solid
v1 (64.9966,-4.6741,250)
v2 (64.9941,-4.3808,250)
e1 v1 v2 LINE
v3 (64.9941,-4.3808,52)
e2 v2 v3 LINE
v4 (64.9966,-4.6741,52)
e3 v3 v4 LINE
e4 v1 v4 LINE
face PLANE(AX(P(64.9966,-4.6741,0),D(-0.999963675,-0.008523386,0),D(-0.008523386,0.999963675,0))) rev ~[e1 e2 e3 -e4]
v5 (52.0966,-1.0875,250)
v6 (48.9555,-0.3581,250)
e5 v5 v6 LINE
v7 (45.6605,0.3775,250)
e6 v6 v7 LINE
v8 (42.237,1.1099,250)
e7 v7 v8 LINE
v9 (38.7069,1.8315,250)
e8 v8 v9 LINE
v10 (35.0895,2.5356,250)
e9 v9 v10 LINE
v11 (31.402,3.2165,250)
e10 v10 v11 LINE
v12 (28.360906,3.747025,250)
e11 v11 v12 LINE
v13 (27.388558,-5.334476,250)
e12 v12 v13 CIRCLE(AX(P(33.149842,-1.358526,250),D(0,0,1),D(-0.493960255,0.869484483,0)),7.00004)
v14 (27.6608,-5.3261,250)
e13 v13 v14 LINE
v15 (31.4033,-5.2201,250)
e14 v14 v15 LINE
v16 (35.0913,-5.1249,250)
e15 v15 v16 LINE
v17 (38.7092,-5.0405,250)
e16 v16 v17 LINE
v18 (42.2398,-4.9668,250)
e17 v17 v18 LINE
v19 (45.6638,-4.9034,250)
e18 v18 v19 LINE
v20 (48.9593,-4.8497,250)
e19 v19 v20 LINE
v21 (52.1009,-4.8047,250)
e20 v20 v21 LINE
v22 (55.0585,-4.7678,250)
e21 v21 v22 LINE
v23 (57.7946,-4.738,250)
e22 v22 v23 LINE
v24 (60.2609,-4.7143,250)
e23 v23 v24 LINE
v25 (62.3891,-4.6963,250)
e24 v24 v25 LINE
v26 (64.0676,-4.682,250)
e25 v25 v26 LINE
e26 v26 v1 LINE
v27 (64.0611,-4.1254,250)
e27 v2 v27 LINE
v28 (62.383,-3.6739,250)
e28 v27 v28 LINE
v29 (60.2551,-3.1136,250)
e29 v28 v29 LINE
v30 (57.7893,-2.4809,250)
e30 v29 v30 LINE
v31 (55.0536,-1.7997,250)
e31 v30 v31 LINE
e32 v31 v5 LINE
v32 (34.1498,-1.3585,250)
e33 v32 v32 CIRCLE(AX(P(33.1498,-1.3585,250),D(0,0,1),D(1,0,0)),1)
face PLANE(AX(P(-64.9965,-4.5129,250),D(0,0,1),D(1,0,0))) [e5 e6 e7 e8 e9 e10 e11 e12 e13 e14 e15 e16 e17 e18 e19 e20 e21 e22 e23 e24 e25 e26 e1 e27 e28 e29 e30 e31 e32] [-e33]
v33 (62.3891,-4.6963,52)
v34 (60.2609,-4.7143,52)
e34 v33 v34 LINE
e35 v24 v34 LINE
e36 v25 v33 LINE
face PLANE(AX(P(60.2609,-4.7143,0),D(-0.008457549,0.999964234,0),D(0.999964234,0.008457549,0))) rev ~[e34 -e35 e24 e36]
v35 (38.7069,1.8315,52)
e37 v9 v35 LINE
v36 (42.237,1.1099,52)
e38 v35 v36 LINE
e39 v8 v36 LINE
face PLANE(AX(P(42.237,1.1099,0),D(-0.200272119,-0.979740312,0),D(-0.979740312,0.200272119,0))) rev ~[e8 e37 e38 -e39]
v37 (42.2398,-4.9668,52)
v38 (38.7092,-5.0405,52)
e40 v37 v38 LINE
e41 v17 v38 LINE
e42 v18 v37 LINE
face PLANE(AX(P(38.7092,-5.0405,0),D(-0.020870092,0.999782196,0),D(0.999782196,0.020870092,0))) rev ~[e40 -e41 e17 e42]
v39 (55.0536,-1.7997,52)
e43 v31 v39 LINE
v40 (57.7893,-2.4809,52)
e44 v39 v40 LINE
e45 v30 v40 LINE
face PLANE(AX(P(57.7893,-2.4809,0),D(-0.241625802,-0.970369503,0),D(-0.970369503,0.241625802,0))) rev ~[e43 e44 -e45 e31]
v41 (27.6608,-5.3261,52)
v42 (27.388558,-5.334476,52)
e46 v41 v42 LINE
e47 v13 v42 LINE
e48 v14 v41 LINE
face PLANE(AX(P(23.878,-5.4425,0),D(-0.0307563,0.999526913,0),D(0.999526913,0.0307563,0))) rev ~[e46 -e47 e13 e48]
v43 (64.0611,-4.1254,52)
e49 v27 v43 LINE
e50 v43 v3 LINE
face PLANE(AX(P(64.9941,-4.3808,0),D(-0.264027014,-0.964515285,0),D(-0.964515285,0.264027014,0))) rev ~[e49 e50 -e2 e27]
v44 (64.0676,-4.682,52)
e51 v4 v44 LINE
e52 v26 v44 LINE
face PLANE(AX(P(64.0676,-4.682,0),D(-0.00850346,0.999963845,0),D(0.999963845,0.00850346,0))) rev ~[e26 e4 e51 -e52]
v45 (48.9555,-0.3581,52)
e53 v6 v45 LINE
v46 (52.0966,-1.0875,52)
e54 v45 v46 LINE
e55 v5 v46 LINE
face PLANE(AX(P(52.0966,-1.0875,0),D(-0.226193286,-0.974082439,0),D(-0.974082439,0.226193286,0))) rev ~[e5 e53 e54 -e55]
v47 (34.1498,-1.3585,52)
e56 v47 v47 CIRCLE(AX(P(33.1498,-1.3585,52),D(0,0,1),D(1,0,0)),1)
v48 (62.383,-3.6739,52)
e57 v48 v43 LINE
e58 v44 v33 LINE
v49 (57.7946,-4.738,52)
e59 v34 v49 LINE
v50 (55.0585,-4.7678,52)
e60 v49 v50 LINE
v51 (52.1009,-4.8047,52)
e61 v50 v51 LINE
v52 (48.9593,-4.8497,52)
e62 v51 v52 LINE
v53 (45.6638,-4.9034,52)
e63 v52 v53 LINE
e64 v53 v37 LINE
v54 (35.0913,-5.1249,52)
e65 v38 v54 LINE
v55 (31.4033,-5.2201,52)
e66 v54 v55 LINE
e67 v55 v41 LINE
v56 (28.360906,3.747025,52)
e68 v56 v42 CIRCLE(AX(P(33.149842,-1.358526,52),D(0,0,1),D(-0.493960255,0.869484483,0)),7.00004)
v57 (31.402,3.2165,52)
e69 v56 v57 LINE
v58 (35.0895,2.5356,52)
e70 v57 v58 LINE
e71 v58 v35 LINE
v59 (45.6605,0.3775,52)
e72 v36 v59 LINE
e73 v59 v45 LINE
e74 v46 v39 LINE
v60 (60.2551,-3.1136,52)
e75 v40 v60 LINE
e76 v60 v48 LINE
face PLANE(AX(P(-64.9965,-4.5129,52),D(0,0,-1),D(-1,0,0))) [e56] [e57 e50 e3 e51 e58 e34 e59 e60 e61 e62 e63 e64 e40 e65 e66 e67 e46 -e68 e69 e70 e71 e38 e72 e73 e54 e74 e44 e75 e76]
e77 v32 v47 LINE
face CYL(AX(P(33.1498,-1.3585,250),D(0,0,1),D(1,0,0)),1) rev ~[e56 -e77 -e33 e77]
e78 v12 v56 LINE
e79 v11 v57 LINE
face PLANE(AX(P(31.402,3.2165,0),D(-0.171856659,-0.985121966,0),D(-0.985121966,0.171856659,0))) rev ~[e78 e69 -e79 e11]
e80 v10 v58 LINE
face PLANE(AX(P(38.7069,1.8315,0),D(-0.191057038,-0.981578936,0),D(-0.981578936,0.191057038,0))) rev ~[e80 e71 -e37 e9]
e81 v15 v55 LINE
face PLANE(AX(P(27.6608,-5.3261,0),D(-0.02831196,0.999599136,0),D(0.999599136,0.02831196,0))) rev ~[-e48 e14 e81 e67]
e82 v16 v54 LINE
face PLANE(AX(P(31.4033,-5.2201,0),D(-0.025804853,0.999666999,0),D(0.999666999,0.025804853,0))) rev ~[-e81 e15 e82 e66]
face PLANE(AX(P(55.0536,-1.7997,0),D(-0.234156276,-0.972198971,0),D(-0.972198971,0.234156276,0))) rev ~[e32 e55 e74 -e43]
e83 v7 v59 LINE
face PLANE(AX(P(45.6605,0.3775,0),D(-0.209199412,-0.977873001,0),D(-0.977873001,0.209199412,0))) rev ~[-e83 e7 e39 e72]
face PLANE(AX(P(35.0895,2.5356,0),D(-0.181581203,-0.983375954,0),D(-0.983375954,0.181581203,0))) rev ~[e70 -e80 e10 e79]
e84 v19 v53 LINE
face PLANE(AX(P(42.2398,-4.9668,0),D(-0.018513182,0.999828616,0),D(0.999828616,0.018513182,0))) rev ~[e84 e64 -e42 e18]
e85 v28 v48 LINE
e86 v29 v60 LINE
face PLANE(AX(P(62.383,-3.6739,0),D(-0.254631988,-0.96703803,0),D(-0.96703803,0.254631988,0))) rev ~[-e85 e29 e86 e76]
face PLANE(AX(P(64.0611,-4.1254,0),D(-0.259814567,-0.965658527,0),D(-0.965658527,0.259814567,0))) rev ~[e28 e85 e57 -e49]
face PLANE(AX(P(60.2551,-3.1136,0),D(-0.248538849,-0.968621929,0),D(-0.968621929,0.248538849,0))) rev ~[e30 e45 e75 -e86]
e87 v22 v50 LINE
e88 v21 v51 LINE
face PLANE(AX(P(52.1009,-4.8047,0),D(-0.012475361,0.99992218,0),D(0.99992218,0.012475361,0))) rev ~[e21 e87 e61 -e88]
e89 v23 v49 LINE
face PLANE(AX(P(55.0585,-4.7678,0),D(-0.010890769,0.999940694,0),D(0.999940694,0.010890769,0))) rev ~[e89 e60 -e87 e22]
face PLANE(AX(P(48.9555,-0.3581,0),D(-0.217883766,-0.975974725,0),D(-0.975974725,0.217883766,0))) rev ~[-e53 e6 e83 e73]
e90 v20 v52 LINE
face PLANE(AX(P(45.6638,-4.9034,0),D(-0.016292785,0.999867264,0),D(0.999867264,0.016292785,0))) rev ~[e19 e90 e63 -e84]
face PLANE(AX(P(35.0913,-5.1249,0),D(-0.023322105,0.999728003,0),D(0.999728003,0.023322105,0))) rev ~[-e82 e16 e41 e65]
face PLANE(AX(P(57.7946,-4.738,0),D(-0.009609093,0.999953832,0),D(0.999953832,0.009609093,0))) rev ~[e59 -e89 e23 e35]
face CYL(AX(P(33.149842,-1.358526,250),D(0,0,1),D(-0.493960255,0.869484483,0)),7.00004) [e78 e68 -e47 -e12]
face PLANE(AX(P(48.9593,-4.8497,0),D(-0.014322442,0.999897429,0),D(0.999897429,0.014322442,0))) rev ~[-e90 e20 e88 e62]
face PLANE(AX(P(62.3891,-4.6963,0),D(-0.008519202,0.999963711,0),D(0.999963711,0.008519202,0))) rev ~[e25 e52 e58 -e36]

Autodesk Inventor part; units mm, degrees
ref_plane "YZ Plane" through (0, 0, 0) normal (1, 0, 0) x (0, 1, 0)
ref_plane "XZ Plane" through (0, 0, 0) normal (0, 1, 0) x (-1, 0, 0)
sketch "Náčrt1" plane through (-64.9965, -4.5129, 0) normal (0, 0, 1) x (1, 0, 0)
  line L0 (0, 0) -> (0.1008, -0.6172)
  line L1 (0.1008, -0.6172) -> (0.4005, -1.1751)
  line L2 (0.4005, -1.1751) -> (0.8948, -1.675)
  line L3 (0.8948, -1.675) -> (1.5794, -2.1181)
  line L4 (1.5794, -2.1181) -> (2.45, -2.5059)
  line L5 (2.45, -2.5059) -> (3.502, -2.8399)
  line L6 (3.502, -2.8399) -> (4.7309, -3.1217)
  line L7 (4.7309, -3.1217) -> (6.1321, -3.3532)
  line L8 (6.1321, -3.3532) -> (7.7009, -3.5364)
  line L9 (7.7009, -3.5364) -> (9.4326, -3.6734)
  line L10 (9.4326, -3.6734) -> (11.3221, -3.7667)
  line L11 (11.3221, -3.7667) -> (13.3646, -3.8188)
  line L12 (13.3646, -3.8188) -> (15.5549, -3.8188)
  line L13 (15.5549, -3.8188) -> (17.8877, -3.8188)
  line L14 (17.8877, -3.8188) -> (20.3578, -3.7585)
  line L15 (20.3578, -3.7585) -> (22.9603, -3.695)
  line L16 (22.9603, -3.695) -> (25.688, -3.5719)
  line L17 (25.688, -3.5719) -> (28.5365, -3.4433)
  line L18 (28.5365, -3.4433) -> (31.5001, -3.3096)
  line L19 (31.5001, -3.3096) -> (34.5717, -3.1509)
  line L20 (34.5717, -3.1509) -> (37.7458, -2.9903)
  line L21 (37.7458, -2.9903) -> (41.0158, -2.8272)
  line L22 (41.0158, -2.8272) -> (44.3749, -2.6597)
  line L23 (44.3749, -2.6597) -> (47.817, -2.512)
  line L24 (47.817, -2.512) -> (51.3342, -2.369)
  line L25 (51.3342, -2.369) -> (54.9194, -2.2327)
  line L26 (54.9194, -2.2327) -> (58.5651, -2.0885)
  line L27 (58.5651, -2.0885) -> (62.2634, -1.9385)
  line L28 (62.2634, -1.9385) -> (66.0059, -1.7856)
  line L29 (66.0059, -1.7856) -> (69.7841, -1.632)
  line L30 (69.7841, -1.632) -> (73.5888, -1.4803)
  line L31 (73.5888, -1.4803) -> (77.4106, -1.3325)
  line L32 (77.4106, -1.3325) -> (85.0644, -1.0556)
  line L33 (85.0644, -1.0556) -> (88.8745, -0.9296)
  line L34 (88.8745, -0.9296) -> (92.6573, -0.8132)
  line L35 (92.6573, -0.8132) -> (96.3998, -0.7072)
  line L36 (96.3998, -0.7072) -> (100.0878, -0.612)
  line L37 (100.0878, -0.612) -> (103.7057, -0.5276)
  line L38 (103.7057, -0.5276) -> (107.2363, -0.4539)
  line L39 (107.2363, -0.4539) -> (110.6603, -0.3905)
  line L40 (110.6603, -0.3905) -> (113.9558, -0.3368)
  line L41 (113.9558, -0.3368) -> (117.0974, -0.2918)
  line L42 (117.0974, -0.2918) -> (120.055, -0.2549)
  line L43 (120.055, -0.2549) -> (122.7911, -0.2251)
  line L44 (122.7911, -0.2251) -> (125.2574, -0.2014)
  line L45 (125.2574, -0.2014) -> (127.3856, -0.1834)
  line L46 (127.3856, -0.1834) -> (129.0641, -0.1691)
  line L47 (129.0641, -0.1691) -> (129.9931, -0.1612)
  line L48 (129.9931, -0.1612) -> (129.9906, 0.1321)
  line L49 (129.9906, 0.1321) -> (129.0576, 0.3875)
  line L50 (129.0576, 0.3875) -> (127.3795, 0.839)
  line L51 (127.3795, 0.839) -> (125.2516, 1.3993)
  line L52 (125.2516, 1.3993) -> (122.7858, 2.032)
  line L53 (122.7858, 2.032) -> (120.0501, 2.7132)
  line L54 (120.0501, 2.7132) -> (117.0931, 3.4254)
  line L55 (117.0931, 3.4254) -> (113.952, 4.1548)
  line L56 (113.952, 4.1548) -> (110.657, 4.8904)
  line L57 (110.657, 4.8904) -> (107.2335, 5.6228)
  line L58 (107.2335, 5.6228) -> (103.7034, 6.3444)
  line L59 (103.7034, 6.3444) -> (100.086, 7.0485)
  line L60 (100.086, 7.0485) -> (96.3985, 7.7294)
  line L61 (96.3985, 7.7294) -> (92.6565, 8.3822)
  line L62 (92.6565, 8.3822) -> (88.8741, 9.0026)
  line L63 (88.8741, 9.0026) -> (85.0644, 9.5868)
  line L64 (85.0644, 9.5868) -> (81.2394, 10.1289)
  line L65 (81.2394, 10.1289) -> (77.4106, 10.6287)
  line L66 (77.4106, 10.6287) -> (73.5888, 11.0836)
  line L67 (73.5888, 11.0836) -> (69.7841, 11.4914)
  line L68 (69.7841, 11.4914) -> (66.0059, 11.8502)
  line L69 (66.0059, 11.8502) -> (62.2634, 12.1585)
  line L70 (62.2634, 12.1585) -> (58.5651, 12.4148)
  line L71 (58.5651, 12.4148) -> (54.9194, 12.6181)
  line L72 (54.9194, 12.6181) -> (51.3342, 12.7673)
  line L73 (51.3342, 12.7673) -> (47.817, 12.8447)
  line L74 (47.817, 12.8447) -> (44.3752, 12.8426)
  line L75 (44.3752, 12.8426) -> (41.0158, 12.7632)
  line L76 (41.0158, 12.7632) -> (37.7458, 12.6088)
  line L77 (37.7458, 12.6088) -> (34.5717, 12.3826)
  line L78 (34.5717, 12.3826) -> (31.4999, 12.088)
  line L79 (31.4999, 12.088) -> (28.5366, 11.7287)
  line L80 (28.5366, 11.7287) -> (25.688, 11.3091)
  line L81 (25.688, 11.3091) -> (22.9598, 10.8338)
  line L82 (22.9598, 10.8338) -> (20.3578, 10.3077)
  line L83 (20.3578, 10.3077) -> (17.8877, 9.7359)
  line L84 (17.8877, 9.7359) -> (15.5548, 9.1241)
  line L85 (15.5548, 9.1241) -> (13.3646, 8.4777)
  line L86 (13.3646, 8.4777) -> (11.3221, 7.8025)
  line L87 (11.3221, 7.8025) -> (9.4326, 7.1042)
  line L88 (9.4326, 7.1042) -> (7.7009, 6.3887)
  line L89 (7.7009, 6.3887) -> (6.1321, 5.6614)
  line L90 (6.1321, 5.6614) -> (4.7309, 4.928)
  line L91 (4.7309, 4.928) -> (3.502, 4.1935)
  line L92 (3.502, 4.1935) -> (2.45, 3.4628)
  line L93 (2.45, 3.4628) -> (1.5794, 2.7403)
  line L94 (1.5794, 2.7403) -> (0.8948, 2.0298)
  line L95 (0.8948, 2.0298) -> (0.4005, 1.3347)
  line L96 (0.4005, 1.3347) -> (0.1008, 0.6574)
  line L97 (0.1008, 0.6574) -> (0, 0)
  point P0 (81.2394, -1.1904)
extrude "Vysunutí1" add sketch "Náčrt1" along normal mid plane 500
sketch "Náčrt2" plane through (-64.9965, -4.5129, 250) normal (0, 0, 1) x (1, 0, 0)
  line L0 (92.6573, -0.8132) -> (88.8745, -0.9296) projected
  line L1 (92.6565, 8.3822) -> (96.3985, 7.7294) projected
  arc A0 (92.6565, 8.3822) -> (91.7048, -0.8425) centre (98.1463, 3.1544) ccw
  line L2 (91.7048, -0.8425) -> (107.6986, -0.3505)
  line L3 (129.9931, -0.1612) -> (125.2574, -0.2014) projected
  line L4 (107.6986, -0.3505) -> (129.9931, -0.1612)
  line L5 (129.9906, 0.1321) -> (129.0576, 0.3875) projected
  line L6 (129.9931, -0.1612) -> (129.9906, 0.1321)
  line L7 (129.9906, 0.1321) -> (93.9107, 9.4415)
  line L8 (93.9107, 9.4415) -> (92.6565, 8.3822)
  line L9 (91.7048, -0.8425) -> (93.0009, -2.4127)
  line L10 (93.0009, -2.4127) -> (129.9931, -0.1612)
  line L11 (129.9931, -0.1612) -> (130.1118, -0.1429)
  line L12 (130.1118, -0.1429) -> (130.1094, 0.1331)
  line L13 (130.1094, 0.1331) -> (129.9906, 0.1321)
  line L14 (130.1094, 0.1331) -> (128.1613, 1.4193)
  line L15 (128.1613, 1.4193) -> (113.3536, 4.4248)
  arc A1 (94.6886, 9.2408) -> (93.8369, -2.3619) centre (98.1463, 3.1544) ccw
  line L16 (93.9107, 9.4415) -> (51.1382, 19.7468)
  line L17 (51.1382, 19.7468) -> (-4.6438, 11.1084)
  line L18 (-4.6438, 11.1084) -> (-5.1693, -4.2224)
  line L19 (-5.1693, -4.2224) -> (7.217, -13.261)
  line L20 (7.217, -13.261) -> (66.9021, -8.7417)
  line L21 (66.9021, -8.7417) -> (87.61, -4.2224)
  line L22 (87.61, -4.2224) -> (93.0009, -2.4127)
  point P0 (0, 0)
  point P1 (92.6573, -0.8132)
  point P2 (125.2574, -0.2014)
  dimension "d6" = 14
ref_plane "Pracovní rovina1" through (0, 0, 0) normal (0, 0, 1) x (1, 0, 0)
extrude "Vysunutí3" cut sketch "Náčrt2" against normal through all contours A1 L10 L9 L0 | L0 A0 L1 A1 | L9 L22 L21 L20 L19 L18 L17 L16 L8 A0 | L1 L8 L7 A1
sketch "Náčrt4" plane through (-64.9965, -4.5129, -250) normal (0, 0, -1) x (-1, 0, 0)
  circle A0 centre (-88.2792, 18.8756) radius 51.6589
  point P0 (-64.9965, 4.5129)
extrude "Vysunutí4" cut sketch "Náčrt4" against normal blind 302
sketch "Náčrt5" plane through (-64.9965, -4.5129, 250) normal (0, 0, 1) x (1, 0, 0)
  arc A0 (93.3574, 8.2599) -> (92.3851, -0.8216) centre (98.1463, 3.1544) ccw projected
  line L0 (92.3851, -0.8216) -> (92.6573, -0.8132) projected
  line L1 (92.6573, -0.8132) -> (96.3998, -0.7072) projected
  line L2 (96.3998, -0.7072) -> (100.0878, -0.612) projected
  line L3 (100.0878, -0.612) -> (103.7057, -0.5276) projected
  line L4 (103.7057, -0.5276) -> (107.2363, -0.4539) projected
  line L5 (107.2363, -0.4539) -> (110.6603, -0.3905) projected
  line L6 (110.6603, -0.3905) -> (113.9558, -0.3368) projected
  line L7 (113.9558, -0.3368) -> (117.0974, -0.2918) projected
  line L8 (117.0974, -0.2918) -> (120.055, -0.2549) projected
  line L9 (120.055, -0.2549) -> (122.7911, -0.2251) projected
  line L10 (122.7911, -0.2251) -> (125.2574, -0.2014) projected
  line L11 (125.2574, -0.2014) -> (129.9931, -0.1612) projected
  line L12 (129.9931, -0.1612) -> (129.9906, 0.1321) projected
  line L13 (129.9906, 0.1321) -> (129.0576, 0.3875) projected
  line L14 (129.0576, 0.3875) -> (127.3795, 0.839) projected
  line L15 (127.3795, 0.839) -> (125.2516, 1.3993) projected
  line L16 (125.2516, 1.3993) -> (122.7858, 2.032) projected
  line L17 (122.7858, 2.032) -> (120.0501, 2.7132) projected
  line L18 (120.0501, 2.7132) -> (117.0931, 3.4254) projected
  line L19 (117.0931, 3.4254) -> (113.952, 4.1548) projected
  line L20 (113.952, 4.1548) -> (110.657, 4.8904) projected
  line L21 (110.657, 4.8904) -> (107.2335, 5.6228) projected
  line L22 (107.2335, 5.6228) -> (103.7034, 6.3444) projected
  line L23 (103.7034, 6.3444) -> (100.086, 7.0485) projected
  line L24 (100.086, 7.0485) -> (96.3985, 7.7294) projected
  line L25 (96.3985, 7.7294) -> (93.3574, 8.2599) projected
  circle A1 centre (98.1463, 3.1544) radius 1
  point P0 (64.9965, 4.5129)
  dimension "d11" = 2
extrude "Vysunutí5" cut sketch "Náčrt5" against normal through all contours A1
properties part number "pokus 1 flap 4412"
